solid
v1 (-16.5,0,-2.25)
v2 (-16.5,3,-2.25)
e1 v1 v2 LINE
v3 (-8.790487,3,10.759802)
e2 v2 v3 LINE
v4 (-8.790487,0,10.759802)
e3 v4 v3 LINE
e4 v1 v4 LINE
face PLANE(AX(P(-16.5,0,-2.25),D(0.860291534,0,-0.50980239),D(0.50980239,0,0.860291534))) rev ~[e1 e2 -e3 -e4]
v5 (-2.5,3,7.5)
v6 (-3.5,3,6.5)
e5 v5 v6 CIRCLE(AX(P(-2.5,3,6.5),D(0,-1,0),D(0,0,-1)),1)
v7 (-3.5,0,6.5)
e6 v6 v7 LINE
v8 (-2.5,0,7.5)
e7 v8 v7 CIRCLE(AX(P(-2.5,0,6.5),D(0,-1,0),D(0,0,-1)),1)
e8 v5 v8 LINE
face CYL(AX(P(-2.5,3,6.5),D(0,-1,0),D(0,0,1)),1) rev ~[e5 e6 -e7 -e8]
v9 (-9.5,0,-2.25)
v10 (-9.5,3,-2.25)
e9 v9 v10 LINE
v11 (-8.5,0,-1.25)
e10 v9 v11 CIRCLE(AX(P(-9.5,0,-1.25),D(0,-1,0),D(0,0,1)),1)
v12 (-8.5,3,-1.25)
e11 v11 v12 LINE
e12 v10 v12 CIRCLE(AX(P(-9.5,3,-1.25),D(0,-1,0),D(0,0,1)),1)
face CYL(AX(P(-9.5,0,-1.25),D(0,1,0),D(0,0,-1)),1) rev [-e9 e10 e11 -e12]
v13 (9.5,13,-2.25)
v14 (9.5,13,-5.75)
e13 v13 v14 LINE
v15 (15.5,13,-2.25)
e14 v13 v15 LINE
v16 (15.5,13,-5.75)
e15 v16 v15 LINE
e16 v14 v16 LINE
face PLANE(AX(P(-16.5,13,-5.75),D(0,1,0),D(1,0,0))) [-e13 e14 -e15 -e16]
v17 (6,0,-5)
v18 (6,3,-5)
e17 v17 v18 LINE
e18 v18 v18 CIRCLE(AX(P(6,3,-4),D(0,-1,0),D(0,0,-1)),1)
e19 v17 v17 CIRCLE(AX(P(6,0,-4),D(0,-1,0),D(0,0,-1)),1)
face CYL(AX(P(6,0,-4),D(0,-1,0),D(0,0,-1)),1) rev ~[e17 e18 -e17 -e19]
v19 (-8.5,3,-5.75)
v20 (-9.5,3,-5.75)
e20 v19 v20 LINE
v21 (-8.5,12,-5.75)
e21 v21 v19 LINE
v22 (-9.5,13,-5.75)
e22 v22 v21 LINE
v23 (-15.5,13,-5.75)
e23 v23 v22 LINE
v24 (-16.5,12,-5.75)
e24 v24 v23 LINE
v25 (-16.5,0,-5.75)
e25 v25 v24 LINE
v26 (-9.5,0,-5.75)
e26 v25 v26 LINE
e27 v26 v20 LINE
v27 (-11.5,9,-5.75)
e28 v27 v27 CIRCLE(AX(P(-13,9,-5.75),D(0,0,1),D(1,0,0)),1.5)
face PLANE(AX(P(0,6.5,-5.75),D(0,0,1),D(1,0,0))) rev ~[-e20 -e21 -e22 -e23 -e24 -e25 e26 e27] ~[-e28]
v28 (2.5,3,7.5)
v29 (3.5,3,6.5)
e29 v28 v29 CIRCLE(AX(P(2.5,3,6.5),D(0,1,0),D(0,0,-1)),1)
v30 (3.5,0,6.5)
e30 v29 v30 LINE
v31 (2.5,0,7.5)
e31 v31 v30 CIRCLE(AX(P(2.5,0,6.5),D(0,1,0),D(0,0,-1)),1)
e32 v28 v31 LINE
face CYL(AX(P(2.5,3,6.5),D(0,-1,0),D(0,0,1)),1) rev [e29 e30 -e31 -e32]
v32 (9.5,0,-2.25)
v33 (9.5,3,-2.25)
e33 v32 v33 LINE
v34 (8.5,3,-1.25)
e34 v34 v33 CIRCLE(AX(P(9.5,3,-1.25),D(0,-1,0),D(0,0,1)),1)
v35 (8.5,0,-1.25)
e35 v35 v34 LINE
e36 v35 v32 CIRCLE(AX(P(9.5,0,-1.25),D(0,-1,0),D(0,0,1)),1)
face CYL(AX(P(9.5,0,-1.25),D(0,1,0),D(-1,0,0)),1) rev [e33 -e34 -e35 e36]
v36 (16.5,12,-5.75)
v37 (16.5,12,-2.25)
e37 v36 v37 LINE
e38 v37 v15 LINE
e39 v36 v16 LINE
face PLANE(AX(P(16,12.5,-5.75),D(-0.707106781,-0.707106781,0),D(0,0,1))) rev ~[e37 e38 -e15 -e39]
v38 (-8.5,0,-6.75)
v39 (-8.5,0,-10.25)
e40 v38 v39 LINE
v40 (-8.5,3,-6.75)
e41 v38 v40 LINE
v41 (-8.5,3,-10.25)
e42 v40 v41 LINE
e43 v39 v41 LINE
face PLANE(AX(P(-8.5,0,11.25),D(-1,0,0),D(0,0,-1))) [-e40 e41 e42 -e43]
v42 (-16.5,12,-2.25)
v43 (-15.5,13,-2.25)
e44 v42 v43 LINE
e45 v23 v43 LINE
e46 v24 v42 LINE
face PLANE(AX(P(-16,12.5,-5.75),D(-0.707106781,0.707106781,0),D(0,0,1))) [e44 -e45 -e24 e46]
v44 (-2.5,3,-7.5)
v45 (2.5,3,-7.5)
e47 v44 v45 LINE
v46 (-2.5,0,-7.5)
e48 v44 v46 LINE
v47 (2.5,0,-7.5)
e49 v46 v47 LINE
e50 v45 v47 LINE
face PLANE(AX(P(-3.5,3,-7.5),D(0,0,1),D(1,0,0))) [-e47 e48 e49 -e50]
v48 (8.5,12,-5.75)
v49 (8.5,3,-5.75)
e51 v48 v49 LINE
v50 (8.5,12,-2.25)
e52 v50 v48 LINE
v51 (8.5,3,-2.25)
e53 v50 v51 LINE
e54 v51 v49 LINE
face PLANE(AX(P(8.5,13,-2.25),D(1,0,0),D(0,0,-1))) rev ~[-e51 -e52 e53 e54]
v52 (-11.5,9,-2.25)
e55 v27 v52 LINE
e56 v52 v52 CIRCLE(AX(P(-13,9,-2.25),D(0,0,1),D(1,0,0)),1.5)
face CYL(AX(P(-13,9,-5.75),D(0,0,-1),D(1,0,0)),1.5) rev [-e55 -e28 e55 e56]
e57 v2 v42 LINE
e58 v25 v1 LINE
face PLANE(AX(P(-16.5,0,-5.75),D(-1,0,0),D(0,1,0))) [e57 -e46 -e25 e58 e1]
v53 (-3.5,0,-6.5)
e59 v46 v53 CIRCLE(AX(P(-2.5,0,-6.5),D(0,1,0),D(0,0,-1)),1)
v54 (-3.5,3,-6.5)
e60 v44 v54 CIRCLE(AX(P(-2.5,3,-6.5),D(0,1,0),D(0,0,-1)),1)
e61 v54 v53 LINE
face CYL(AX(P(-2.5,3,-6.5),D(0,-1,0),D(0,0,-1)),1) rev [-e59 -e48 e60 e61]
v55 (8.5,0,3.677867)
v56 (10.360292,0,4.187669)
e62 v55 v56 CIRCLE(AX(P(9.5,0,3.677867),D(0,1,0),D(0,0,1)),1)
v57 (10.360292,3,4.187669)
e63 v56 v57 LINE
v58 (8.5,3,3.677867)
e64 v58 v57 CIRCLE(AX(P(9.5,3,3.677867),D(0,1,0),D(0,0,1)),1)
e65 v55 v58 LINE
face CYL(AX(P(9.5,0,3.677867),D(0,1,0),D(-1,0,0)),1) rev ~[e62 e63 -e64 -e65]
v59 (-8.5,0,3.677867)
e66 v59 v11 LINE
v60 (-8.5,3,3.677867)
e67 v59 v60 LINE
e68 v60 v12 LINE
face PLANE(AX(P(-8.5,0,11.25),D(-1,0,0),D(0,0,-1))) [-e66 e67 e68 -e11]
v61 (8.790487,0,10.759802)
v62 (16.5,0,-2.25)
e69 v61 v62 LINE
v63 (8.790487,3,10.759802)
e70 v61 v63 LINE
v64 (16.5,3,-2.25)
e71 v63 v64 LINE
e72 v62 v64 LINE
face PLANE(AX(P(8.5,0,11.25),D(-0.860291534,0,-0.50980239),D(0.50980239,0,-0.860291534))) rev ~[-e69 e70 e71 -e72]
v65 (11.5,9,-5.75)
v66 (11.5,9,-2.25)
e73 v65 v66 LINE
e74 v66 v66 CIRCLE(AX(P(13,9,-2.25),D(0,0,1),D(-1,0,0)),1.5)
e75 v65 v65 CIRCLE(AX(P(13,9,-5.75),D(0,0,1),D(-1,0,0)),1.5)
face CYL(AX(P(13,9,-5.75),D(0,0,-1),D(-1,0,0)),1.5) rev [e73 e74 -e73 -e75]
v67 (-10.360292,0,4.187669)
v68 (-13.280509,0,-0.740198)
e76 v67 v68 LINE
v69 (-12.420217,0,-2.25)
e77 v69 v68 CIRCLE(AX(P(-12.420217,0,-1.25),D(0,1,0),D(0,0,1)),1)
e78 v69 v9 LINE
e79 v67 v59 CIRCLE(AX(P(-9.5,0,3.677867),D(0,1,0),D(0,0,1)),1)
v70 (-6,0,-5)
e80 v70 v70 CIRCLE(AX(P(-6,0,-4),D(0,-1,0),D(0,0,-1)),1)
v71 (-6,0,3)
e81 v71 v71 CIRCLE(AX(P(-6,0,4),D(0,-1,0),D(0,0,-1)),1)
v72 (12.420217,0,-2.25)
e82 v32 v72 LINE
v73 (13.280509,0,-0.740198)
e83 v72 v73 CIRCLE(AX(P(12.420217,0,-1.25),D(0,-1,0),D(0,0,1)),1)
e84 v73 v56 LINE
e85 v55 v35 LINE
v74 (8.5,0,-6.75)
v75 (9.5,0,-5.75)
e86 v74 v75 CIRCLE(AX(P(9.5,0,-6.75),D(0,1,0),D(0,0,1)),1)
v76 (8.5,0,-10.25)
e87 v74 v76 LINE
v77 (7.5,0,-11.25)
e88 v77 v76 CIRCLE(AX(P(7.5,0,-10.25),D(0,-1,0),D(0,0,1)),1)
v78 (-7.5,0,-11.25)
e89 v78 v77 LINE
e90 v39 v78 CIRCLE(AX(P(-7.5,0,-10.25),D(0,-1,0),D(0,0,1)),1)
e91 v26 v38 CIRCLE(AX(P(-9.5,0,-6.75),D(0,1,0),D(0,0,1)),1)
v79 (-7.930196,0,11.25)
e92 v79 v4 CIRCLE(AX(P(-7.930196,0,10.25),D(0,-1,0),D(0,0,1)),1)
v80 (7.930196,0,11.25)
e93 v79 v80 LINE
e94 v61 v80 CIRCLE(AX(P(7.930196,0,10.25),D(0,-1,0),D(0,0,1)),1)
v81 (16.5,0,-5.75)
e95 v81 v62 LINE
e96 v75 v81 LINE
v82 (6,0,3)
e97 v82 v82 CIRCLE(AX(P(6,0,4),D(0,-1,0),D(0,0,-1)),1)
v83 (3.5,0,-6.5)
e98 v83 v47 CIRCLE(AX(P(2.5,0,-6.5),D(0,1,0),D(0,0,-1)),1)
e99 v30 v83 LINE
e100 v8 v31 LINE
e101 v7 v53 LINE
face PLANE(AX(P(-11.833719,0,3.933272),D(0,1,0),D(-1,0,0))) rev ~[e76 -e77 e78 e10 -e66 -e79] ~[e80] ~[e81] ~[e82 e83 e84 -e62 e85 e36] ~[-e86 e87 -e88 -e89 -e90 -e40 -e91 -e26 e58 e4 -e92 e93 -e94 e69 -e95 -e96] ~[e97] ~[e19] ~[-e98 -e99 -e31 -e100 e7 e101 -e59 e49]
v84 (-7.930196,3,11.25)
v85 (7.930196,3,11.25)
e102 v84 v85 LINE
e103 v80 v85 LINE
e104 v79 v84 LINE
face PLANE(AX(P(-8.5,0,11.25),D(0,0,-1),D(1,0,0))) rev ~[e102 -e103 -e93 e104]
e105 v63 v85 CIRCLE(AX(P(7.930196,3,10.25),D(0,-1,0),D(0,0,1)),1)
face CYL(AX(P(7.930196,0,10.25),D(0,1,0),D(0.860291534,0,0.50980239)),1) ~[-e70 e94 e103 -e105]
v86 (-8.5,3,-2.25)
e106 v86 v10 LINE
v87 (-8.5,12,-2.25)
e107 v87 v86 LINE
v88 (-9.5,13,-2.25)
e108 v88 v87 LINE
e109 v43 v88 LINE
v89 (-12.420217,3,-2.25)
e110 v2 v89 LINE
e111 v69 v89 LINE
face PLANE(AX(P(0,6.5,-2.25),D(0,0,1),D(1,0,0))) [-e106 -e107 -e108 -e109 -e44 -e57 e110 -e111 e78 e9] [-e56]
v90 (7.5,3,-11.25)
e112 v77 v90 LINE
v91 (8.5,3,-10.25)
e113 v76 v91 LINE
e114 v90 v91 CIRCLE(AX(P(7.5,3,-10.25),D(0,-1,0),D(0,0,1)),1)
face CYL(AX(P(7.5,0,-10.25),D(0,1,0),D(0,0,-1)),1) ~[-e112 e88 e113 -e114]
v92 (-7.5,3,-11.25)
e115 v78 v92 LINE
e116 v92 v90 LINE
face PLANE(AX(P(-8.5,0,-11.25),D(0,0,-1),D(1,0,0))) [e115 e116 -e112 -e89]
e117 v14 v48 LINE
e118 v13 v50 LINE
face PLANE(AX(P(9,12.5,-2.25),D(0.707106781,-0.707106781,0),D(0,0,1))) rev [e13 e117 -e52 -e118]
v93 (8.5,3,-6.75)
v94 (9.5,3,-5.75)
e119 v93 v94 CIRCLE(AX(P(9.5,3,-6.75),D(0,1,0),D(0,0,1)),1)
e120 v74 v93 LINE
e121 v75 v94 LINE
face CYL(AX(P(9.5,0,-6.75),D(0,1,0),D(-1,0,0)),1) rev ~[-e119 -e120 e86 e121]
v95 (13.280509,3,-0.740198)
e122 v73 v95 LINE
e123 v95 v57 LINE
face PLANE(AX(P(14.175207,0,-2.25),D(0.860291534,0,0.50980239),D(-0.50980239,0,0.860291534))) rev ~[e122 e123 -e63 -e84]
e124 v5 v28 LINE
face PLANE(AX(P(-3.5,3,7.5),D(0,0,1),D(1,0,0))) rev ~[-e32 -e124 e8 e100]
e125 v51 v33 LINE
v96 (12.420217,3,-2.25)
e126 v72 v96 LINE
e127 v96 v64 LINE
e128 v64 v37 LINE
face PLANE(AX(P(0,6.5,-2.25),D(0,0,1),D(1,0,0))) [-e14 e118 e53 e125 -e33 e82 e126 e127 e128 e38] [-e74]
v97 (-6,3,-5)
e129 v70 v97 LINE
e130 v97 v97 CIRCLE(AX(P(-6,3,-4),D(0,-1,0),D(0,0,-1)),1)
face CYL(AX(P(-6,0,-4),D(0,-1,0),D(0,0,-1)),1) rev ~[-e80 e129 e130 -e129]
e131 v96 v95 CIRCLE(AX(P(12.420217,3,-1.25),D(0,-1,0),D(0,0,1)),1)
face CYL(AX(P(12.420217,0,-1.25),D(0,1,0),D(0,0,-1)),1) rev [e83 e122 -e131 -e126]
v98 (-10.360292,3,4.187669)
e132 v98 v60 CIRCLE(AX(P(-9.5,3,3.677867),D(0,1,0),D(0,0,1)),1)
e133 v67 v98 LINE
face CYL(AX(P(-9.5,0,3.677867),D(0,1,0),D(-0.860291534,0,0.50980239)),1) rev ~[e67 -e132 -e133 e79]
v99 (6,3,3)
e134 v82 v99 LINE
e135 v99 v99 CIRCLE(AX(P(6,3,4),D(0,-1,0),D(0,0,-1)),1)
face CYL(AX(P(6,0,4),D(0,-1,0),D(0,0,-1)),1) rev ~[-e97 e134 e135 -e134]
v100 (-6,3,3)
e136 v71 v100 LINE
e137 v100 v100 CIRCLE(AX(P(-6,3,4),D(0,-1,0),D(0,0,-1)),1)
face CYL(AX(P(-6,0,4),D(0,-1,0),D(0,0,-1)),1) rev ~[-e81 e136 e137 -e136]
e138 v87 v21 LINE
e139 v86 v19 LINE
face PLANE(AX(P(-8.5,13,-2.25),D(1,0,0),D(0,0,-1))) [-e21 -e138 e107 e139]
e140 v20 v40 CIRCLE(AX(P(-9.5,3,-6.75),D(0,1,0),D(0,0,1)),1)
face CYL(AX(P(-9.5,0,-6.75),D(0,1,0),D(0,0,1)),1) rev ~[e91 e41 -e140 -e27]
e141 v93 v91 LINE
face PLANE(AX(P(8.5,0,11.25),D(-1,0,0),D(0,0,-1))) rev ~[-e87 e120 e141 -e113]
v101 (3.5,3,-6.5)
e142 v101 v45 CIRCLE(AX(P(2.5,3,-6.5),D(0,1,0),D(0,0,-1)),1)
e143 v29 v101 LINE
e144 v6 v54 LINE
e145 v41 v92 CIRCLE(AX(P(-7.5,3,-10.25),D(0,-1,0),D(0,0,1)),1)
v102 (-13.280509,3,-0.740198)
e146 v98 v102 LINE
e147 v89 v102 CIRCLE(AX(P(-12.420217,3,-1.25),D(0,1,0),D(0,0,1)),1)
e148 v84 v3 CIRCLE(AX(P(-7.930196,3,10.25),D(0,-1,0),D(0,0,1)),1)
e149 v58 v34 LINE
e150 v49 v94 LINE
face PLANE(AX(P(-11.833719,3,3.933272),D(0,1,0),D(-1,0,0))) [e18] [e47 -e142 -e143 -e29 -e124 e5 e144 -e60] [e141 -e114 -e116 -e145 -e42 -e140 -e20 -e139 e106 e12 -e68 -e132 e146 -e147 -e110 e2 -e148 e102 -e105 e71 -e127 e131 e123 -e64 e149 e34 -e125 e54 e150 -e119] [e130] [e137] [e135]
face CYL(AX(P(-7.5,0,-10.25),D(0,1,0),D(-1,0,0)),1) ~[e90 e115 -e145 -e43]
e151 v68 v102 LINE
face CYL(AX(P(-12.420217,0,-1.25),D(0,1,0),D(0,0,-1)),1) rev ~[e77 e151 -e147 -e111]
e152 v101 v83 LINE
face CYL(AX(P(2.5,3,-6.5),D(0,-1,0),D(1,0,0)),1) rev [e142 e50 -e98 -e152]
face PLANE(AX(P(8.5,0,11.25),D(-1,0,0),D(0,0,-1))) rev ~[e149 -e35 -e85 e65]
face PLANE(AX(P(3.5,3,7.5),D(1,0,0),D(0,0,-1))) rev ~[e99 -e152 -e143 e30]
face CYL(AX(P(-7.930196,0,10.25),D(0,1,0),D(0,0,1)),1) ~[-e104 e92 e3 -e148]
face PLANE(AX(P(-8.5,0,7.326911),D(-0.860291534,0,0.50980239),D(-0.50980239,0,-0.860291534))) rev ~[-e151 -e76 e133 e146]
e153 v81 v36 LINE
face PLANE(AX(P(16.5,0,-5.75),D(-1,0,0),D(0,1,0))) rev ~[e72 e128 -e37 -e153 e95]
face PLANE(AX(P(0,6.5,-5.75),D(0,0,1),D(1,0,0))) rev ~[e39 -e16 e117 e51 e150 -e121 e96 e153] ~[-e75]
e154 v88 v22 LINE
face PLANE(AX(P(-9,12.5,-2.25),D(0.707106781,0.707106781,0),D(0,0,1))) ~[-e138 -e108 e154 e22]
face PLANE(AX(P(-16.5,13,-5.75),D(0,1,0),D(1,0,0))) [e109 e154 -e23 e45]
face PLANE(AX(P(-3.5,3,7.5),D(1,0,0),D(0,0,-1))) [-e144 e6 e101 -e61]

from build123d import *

# Parameters (mm, degrees)
SKETCH_1_W          = 17
SKETCH_1_H          = 22.5
EXTRUDE_1_DEPTH     = 3
EXTRUDE_START       = 5.5
SKETCH_2_W          = 33
SKETCH_2_H          = 13
SKETCH_2_R          = 1.5
EXTRUDE_2_DEPTH     = 3.5
SKETCH_3_R          = 1
CUT_EXTRUDE_1_DEPTH = 24.828816588
SKETCH_4_W          = 17
SKETCH_4_H          = 3.5
CUT_EXTRUDE_2_DEPTH = 10
SKETCH_5_W          = 7
SKETCH_5_H          = 15
CUT_EXTRUDE_3_DEPTH = 23.334110683
EXTRUDE_3_DEPTH     = 3
FILLET_1_R          = 1
FILLET_2_R          = 1
CHAMFER_2_SIZE      = 1


with BuildPart() as part:
    # 草图1 → 凸台-拉伸1 (new body)
    with BuildSketch(Plane(origin=(0, 0, 0), x_dir=(1, 0, 0), z_dir=(0, 1, 0))):
        Rectangle(SKETCH_1_W, SKETCH_1_H)
    extrude(amount=EXTRUDE_1_DEPTH)

    # 草图2 → 凸台-拉伸2 (add)
    with BuildSketch(Plane.XY.offset(-11.25).offset(EXTRUDE_START)):
        with Locations((0, 6.5)):
            Rectangle(SKETCH_2_W, SKETCH_2_H)
        with Locations((-13, 9)):
            Circle(SKETCH_2_R, mode=Mode.SUBTRACT)
        with Locations(Location((13, 9, 0), (0, 0, 180))):
            Circle(SKETCH_2_R, mode=Mode.SUBTRACT)
    extrude(amount=EXTRUDE_2_DEPTH)

    # 草图3 → 切除-拉伸1 (cut, through all)
    with BuildSketch(Plane.XZ):
        with Locations(Location((6, -4, 0), (0, 0, 270))):
            Circle(SKETCH_3_R)
        with Locations(Location((-6, -4, 0), (0, 0, 270))):
            Circle(SKETCH_3_R)
        with Locations(Location((-6, 4, 0), (0, 0, 270))):
            Circle(SKETCH_3_R)
        with Locations(Location((6, 4, 0), (0, 0, 270))):
            Circle(SKETCH_3_R)
    extrude(amount=-CUT_EXTRUDE_1_DEPTH, mode=Mode.SUBTRACT)

    # 草图4 → 切除-拉伸2 (cut)
    with BuildSketch(Plane(origin=(0, 13, 0), x_dir=(1, 0, 0), z_dir=(0, 1, 0))):
        with Locations((0, 4)):
            Rectangle(SKETCH_4_W, SKETCH_4_H)
    extrude(amount=-CUT_EXTRUDE_2_DEPTH, mode=Mode.SUBTRACT)

    # 草图5 → 切除-拉伸3 (cut, through all)
    with BuildSketch(Plane(origin=(0, 3, 0), x_dir=(1, 0, 0), z_dir=(0, 1, 0))):
        Rectangle(SKETCH_5_W, SKETCH_5_H)
    extrude(amount=-CUT_EXTRUDE_3_DEPTH, mode=Mode.SUBTRACT)

    # 草图6 → 凸台-拉伸3 (add)
    with BuildSketch(Plane.XZ):
        Polygon((-16.5, -2.25), (-8.5, 11.25), (-8.5, 7.326911293), (-14.175206692, -2.25), align=None)
        Polygon((14.175206692, -2.25), (8.5, 7.326911293), (8.5, 11.25), (16.5, -2.25), align=None)
    extrude(amount=-EXTRUDE_3_DEPTH)

    # 圆角1
    fillet_1_edges = [part.edges().sort_by_distance(p)[0] for p in [
        (-8.5, 1.5, 7.326911293),
        (-14.175206692, 1.5, -2.25),
        (8.5, 1.5, 7.326911293),
        (14.175206692, 1.5, -2.25),
        (8.5, 1.5, -2.25),
        (-8.5, 1.5, -2.25),
        (3.5, 1.5, -7.5),
        (3.5, 1.5, 7.5),
        (-3.5, 1.5, 7.5),
        (-3.5, 1.5, -7.5),
    ]]
    fillet(fillet_1_edges, radius=FILLET_1_R)

    # 圆角2
    fillet_2_edges = [part.edges().sort_by_distance(p)[0] for p in [
        (8.5, 1.5, -5.75),
        (-8.5, 1.5, -5.75),
        (8.5, 1.5, 11.25),
        (-8.5, 1.5, 11.25),
        (-8.5, 1.5, -11.25),
        (8.5, 1.5, -11.25),
    ]]
    fillet(fillet_2_edges, radius=FILLET_2_R)

    # 倒角2
    chamfer_2_edges = [part.edges().sort_by_distance(p)[0] for p in [
        (16.5, 13, -4),
        (-16.5, 13, -4),
        (8.5, 13, -4),
        (-8.5, 13, -4),
    ]]
    chamfer(chamfer_2_edges, length=CHAMFER_2_SIZE)


solid = part.part
